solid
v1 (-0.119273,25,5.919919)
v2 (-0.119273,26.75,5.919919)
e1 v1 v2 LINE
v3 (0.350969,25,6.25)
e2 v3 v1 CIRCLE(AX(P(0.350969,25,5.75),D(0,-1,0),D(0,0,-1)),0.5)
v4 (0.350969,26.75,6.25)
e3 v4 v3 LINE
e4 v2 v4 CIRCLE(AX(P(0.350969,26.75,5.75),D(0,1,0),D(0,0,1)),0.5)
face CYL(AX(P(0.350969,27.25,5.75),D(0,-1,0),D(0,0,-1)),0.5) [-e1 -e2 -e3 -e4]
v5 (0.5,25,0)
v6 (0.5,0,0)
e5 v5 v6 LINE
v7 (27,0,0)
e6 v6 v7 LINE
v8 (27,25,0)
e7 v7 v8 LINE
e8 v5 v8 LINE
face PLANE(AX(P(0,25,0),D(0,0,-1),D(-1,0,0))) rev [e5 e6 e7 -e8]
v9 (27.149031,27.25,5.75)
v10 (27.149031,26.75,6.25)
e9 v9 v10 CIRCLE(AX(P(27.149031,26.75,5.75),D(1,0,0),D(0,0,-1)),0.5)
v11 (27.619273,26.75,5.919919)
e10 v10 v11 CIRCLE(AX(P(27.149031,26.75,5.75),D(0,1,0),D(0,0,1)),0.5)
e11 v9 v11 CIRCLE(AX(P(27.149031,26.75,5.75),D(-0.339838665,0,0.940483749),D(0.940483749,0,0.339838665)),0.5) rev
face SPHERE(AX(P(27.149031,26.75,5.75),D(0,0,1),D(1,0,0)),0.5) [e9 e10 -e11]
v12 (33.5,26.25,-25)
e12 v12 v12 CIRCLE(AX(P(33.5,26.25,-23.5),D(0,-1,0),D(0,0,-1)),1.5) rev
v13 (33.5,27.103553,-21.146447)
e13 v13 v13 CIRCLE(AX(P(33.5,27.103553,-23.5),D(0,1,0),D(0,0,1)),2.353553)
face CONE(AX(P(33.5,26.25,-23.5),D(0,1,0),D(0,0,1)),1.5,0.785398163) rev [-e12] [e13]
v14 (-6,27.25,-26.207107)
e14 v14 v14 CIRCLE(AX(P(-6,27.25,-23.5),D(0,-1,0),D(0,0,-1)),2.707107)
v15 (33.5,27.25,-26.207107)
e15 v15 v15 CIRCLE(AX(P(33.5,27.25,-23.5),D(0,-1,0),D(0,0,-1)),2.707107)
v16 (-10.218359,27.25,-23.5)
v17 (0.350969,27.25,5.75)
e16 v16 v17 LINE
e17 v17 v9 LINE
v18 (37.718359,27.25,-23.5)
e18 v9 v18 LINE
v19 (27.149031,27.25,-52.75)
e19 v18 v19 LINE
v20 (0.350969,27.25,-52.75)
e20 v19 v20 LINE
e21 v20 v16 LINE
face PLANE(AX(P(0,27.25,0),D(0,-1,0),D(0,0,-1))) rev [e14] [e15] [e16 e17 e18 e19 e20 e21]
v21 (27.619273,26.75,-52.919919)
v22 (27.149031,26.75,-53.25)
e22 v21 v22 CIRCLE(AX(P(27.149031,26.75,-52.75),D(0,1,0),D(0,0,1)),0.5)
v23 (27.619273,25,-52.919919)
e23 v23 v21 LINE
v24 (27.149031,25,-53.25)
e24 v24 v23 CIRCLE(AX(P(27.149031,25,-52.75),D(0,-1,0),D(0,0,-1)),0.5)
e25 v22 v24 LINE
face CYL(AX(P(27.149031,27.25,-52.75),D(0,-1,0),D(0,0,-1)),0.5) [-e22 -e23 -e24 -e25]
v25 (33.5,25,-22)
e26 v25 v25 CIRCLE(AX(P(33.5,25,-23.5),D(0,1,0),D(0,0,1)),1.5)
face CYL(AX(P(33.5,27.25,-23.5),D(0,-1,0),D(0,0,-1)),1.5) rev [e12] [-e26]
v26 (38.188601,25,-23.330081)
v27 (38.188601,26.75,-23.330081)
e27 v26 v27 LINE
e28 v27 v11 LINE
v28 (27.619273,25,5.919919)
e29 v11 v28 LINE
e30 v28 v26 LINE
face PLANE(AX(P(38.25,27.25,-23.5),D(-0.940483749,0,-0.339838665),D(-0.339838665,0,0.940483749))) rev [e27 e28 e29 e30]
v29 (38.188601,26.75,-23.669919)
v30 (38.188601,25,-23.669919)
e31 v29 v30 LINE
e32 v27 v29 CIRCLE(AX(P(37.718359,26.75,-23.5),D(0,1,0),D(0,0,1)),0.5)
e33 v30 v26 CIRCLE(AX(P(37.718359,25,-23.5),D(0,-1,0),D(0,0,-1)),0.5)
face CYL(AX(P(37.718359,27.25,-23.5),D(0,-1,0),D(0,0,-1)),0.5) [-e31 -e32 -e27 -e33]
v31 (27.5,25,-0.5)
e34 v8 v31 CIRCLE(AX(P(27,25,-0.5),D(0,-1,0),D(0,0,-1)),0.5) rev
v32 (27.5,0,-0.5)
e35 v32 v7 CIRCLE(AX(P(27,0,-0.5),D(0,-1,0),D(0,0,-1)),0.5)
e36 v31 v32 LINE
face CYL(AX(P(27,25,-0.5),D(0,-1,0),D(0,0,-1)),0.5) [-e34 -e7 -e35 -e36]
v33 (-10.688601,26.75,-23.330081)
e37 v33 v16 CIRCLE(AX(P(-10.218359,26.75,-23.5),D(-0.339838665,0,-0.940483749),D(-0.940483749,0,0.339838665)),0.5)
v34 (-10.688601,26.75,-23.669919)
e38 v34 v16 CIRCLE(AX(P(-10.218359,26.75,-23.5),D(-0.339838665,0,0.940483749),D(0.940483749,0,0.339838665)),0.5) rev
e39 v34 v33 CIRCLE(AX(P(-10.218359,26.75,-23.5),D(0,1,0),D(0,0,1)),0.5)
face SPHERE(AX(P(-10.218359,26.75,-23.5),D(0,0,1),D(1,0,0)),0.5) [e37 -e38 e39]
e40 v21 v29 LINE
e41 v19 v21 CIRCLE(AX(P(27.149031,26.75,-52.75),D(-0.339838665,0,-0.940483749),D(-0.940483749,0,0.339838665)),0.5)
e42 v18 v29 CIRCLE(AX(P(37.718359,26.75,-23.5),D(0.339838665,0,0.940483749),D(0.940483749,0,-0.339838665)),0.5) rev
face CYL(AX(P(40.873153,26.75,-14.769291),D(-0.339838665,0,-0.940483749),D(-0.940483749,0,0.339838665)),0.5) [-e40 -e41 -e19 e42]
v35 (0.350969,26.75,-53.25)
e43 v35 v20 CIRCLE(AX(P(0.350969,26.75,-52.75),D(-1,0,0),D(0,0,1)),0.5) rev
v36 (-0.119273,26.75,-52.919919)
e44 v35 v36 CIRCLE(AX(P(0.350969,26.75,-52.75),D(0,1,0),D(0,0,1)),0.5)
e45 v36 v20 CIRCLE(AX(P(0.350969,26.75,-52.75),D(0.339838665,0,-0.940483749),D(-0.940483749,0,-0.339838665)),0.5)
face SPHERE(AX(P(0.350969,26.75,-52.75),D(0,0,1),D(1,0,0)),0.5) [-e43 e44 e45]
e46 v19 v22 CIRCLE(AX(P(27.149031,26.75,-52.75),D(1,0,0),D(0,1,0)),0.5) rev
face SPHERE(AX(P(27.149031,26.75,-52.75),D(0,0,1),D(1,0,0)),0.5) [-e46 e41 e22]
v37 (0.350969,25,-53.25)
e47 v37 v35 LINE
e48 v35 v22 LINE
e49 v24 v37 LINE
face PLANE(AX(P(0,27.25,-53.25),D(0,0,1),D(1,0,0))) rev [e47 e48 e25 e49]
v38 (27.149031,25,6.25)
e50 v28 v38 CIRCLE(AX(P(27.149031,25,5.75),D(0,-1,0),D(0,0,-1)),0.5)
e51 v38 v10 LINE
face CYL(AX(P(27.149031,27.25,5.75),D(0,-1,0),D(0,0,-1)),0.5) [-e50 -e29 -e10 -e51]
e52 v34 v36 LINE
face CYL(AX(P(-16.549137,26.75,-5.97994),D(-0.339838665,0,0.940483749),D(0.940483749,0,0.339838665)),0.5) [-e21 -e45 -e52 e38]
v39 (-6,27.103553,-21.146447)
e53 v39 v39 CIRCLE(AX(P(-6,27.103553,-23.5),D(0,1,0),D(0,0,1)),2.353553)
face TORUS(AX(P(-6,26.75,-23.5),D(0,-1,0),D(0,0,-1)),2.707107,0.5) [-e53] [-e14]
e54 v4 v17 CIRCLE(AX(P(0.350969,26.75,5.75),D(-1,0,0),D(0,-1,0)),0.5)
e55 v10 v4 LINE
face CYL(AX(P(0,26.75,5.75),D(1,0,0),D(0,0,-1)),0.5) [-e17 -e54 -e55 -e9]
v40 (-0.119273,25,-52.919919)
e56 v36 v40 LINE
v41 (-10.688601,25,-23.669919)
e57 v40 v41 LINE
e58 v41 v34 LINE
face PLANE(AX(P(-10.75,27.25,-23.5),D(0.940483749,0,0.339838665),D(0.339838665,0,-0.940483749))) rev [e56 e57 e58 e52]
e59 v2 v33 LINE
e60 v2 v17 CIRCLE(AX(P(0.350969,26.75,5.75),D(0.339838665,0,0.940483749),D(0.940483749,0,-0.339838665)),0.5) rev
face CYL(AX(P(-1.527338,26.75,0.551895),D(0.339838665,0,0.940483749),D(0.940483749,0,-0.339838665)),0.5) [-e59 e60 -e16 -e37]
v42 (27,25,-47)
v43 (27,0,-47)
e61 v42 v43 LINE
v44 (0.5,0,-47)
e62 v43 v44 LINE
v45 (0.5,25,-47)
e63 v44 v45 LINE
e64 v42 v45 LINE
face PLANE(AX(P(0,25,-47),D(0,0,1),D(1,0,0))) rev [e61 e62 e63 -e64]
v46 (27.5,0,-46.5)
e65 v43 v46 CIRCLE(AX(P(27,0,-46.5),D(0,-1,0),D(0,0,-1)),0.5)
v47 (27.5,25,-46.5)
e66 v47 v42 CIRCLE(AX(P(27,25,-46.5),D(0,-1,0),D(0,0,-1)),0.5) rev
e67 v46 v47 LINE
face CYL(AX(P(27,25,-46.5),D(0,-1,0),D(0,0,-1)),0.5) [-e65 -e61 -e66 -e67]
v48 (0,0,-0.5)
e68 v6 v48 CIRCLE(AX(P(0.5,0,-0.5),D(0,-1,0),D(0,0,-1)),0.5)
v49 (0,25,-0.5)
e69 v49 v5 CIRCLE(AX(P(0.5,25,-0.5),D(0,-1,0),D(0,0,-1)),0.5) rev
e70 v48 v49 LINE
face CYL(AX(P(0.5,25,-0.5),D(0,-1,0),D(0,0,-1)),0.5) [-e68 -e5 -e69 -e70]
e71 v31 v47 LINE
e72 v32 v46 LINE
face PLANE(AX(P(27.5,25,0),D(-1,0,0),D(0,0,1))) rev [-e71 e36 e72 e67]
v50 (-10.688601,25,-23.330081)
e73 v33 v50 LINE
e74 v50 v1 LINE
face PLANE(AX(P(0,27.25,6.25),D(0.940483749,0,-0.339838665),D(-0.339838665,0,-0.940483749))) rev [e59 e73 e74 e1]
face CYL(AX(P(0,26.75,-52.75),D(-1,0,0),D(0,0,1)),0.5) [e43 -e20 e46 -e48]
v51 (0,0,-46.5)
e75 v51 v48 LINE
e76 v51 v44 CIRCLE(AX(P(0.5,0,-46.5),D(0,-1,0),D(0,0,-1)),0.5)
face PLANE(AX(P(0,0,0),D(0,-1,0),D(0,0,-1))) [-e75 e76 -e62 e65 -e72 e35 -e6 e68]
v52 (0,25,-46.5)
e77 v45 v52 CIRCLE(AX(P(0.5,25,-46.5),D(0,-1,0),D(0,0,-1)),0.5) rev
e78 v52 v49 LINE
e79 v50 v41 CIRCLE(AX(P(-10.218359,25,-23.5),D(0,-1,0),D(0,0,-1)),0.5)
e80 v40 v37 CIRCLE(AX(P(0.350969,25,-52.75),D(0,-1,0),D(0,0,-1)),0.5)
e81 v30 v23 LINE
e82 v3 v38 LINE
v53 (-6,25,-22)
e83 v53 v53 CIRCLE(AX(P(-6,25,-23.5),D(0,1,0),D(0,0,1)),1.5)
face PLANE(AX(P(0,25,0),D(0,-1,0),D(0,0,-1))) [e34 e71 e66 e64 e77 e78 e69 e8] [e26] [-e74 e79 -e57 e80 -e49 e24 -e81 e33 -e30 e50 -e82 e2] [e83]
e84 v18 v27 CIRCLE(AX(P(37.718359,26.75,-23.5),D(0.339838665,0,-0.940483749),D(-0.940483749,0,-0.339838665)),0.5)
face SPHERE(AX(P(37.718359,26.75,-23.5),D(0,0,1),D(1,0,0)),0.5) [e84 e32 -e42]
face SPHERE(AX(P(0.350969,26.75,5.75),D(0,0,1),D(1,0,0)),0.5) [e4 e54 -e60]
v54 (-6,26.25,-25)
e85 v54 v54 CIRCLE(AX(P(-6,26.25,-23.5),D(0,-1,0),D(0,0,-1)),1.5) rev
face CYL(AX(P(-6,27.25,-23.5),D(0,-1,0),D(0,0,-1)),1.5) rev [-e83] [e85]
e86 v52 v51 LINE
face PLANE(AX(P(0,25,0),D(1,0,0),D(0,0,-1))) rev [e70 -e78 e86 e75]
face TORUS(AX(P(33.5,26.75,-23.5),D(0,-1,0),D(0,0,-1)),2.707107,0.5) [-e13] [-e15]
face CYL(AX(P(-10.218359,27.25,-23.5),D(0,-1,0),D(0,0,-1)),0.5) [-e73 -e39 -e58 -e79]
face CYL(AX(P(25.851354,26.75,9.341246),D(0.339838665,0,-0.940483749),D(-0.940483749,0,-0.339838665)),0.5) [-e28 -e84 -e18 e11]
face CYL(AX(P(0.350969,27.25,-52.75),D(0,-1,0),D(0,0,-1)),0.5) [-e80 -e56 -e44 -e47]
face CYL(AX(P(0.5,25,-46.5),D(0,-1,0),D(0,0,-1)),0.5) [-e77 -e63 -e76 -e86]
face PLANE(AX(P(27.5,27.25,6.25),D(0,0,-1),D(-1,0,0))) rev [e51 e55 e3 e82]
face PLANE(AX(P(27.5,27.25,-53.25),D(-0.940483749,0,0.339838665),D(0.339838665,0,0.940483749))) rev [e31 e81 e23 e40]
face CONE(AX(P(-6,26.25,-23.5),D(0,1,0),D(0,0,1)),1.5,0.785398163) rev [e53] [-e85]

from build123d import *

# Parameters (mm, degrees)
SKETCH1_W           = 27.5
SKETCH1_H           = 47
BOSS_EXTRUDE1_DEPTH = 25
SKETCH2_R           = 1.5
BOSS_EXTRUDE2_DEPTH = 2.25
CHAMFER1_SIZE       = 1
FILLET1_R           = 0.5


with BuildPart() as part:
    # Sketch1 → Boss-Extrude1 (new body)
    with BuildSketch(Plane(origin=(0, 0, 0), x_dir=(1, 0, 0), z_dir=(0, 1, 0))):
        with Locations((13.75, 23.5)):
            Rectangle(SKETCH1_W, SKETCH1_H)
    extrude(amount=BOSS_EXTRUDE1_DEPTH)

    # Sketch2 → Boss-Extrude2 (add)
    with BuildSketch(Plane(origin=(0, 25, 0), x_dir=(1, 0, 0), z_dir=(0, 1, 0))):
        Polygon((0, 53.25), (27.5, 53.25), (38.25, 23.5), (27.5, -6.25), (0, -6.25), (-10.75, 23.5), align=None)
        with Locations((-6, 23.5)):
            Circle(SKETCH2_R, mode=Mode.SUBTRACT)
        with Locations((33.5, 23.5)):
            Circle(SKETCH2_R, mode=Mode.SUBTRACT)
    extrude(amount=BOSS_EXTRUDE2_DEPTH)

    # Chamfer1
    chamfer1_edges = [part.edges().sort_by_distance(p)[0] for p in [
        (-7.5, 27.25, -23.5),
        (32, 27.25, -23.5),
    ]]
    chamfer(chamfer1_edges, length=CHAMFER1_SIZE)

    # Fillet1
    fillet1_edges = [part.edges().sort_by_distance(p)[0] for p in [
        (-5.375, 27.25, -38.375),
        (-5.375, 27.25, -8.625),
        (13.75, 27.25, 6.25),
        (32.875, 27.25, -8.625),
        (32.875, 27.25, -38.375),
        (13.75, 27.25, -53.25),
        (0, 26.125, -53.25),
        (-10.75, 26.125, -23.5),
        (0, 26.125, 6.25),
        (27.5, 26.125, 6.25),
        (38.25, 26.125, -23.5),
        (27.5, 26.125, -53.25),
        (31, 27.25, -23.5),
        (-8.5, 27.25, -23.5),
        (0, 12.5, -47),
        (27.5, 12.5, -47),
        (27.5, 12.5, 0),
        (0, 12.5, 0),
    ]]
    fillet(fillet1_edges, radius=FILLET1_R)


solid = part.part
